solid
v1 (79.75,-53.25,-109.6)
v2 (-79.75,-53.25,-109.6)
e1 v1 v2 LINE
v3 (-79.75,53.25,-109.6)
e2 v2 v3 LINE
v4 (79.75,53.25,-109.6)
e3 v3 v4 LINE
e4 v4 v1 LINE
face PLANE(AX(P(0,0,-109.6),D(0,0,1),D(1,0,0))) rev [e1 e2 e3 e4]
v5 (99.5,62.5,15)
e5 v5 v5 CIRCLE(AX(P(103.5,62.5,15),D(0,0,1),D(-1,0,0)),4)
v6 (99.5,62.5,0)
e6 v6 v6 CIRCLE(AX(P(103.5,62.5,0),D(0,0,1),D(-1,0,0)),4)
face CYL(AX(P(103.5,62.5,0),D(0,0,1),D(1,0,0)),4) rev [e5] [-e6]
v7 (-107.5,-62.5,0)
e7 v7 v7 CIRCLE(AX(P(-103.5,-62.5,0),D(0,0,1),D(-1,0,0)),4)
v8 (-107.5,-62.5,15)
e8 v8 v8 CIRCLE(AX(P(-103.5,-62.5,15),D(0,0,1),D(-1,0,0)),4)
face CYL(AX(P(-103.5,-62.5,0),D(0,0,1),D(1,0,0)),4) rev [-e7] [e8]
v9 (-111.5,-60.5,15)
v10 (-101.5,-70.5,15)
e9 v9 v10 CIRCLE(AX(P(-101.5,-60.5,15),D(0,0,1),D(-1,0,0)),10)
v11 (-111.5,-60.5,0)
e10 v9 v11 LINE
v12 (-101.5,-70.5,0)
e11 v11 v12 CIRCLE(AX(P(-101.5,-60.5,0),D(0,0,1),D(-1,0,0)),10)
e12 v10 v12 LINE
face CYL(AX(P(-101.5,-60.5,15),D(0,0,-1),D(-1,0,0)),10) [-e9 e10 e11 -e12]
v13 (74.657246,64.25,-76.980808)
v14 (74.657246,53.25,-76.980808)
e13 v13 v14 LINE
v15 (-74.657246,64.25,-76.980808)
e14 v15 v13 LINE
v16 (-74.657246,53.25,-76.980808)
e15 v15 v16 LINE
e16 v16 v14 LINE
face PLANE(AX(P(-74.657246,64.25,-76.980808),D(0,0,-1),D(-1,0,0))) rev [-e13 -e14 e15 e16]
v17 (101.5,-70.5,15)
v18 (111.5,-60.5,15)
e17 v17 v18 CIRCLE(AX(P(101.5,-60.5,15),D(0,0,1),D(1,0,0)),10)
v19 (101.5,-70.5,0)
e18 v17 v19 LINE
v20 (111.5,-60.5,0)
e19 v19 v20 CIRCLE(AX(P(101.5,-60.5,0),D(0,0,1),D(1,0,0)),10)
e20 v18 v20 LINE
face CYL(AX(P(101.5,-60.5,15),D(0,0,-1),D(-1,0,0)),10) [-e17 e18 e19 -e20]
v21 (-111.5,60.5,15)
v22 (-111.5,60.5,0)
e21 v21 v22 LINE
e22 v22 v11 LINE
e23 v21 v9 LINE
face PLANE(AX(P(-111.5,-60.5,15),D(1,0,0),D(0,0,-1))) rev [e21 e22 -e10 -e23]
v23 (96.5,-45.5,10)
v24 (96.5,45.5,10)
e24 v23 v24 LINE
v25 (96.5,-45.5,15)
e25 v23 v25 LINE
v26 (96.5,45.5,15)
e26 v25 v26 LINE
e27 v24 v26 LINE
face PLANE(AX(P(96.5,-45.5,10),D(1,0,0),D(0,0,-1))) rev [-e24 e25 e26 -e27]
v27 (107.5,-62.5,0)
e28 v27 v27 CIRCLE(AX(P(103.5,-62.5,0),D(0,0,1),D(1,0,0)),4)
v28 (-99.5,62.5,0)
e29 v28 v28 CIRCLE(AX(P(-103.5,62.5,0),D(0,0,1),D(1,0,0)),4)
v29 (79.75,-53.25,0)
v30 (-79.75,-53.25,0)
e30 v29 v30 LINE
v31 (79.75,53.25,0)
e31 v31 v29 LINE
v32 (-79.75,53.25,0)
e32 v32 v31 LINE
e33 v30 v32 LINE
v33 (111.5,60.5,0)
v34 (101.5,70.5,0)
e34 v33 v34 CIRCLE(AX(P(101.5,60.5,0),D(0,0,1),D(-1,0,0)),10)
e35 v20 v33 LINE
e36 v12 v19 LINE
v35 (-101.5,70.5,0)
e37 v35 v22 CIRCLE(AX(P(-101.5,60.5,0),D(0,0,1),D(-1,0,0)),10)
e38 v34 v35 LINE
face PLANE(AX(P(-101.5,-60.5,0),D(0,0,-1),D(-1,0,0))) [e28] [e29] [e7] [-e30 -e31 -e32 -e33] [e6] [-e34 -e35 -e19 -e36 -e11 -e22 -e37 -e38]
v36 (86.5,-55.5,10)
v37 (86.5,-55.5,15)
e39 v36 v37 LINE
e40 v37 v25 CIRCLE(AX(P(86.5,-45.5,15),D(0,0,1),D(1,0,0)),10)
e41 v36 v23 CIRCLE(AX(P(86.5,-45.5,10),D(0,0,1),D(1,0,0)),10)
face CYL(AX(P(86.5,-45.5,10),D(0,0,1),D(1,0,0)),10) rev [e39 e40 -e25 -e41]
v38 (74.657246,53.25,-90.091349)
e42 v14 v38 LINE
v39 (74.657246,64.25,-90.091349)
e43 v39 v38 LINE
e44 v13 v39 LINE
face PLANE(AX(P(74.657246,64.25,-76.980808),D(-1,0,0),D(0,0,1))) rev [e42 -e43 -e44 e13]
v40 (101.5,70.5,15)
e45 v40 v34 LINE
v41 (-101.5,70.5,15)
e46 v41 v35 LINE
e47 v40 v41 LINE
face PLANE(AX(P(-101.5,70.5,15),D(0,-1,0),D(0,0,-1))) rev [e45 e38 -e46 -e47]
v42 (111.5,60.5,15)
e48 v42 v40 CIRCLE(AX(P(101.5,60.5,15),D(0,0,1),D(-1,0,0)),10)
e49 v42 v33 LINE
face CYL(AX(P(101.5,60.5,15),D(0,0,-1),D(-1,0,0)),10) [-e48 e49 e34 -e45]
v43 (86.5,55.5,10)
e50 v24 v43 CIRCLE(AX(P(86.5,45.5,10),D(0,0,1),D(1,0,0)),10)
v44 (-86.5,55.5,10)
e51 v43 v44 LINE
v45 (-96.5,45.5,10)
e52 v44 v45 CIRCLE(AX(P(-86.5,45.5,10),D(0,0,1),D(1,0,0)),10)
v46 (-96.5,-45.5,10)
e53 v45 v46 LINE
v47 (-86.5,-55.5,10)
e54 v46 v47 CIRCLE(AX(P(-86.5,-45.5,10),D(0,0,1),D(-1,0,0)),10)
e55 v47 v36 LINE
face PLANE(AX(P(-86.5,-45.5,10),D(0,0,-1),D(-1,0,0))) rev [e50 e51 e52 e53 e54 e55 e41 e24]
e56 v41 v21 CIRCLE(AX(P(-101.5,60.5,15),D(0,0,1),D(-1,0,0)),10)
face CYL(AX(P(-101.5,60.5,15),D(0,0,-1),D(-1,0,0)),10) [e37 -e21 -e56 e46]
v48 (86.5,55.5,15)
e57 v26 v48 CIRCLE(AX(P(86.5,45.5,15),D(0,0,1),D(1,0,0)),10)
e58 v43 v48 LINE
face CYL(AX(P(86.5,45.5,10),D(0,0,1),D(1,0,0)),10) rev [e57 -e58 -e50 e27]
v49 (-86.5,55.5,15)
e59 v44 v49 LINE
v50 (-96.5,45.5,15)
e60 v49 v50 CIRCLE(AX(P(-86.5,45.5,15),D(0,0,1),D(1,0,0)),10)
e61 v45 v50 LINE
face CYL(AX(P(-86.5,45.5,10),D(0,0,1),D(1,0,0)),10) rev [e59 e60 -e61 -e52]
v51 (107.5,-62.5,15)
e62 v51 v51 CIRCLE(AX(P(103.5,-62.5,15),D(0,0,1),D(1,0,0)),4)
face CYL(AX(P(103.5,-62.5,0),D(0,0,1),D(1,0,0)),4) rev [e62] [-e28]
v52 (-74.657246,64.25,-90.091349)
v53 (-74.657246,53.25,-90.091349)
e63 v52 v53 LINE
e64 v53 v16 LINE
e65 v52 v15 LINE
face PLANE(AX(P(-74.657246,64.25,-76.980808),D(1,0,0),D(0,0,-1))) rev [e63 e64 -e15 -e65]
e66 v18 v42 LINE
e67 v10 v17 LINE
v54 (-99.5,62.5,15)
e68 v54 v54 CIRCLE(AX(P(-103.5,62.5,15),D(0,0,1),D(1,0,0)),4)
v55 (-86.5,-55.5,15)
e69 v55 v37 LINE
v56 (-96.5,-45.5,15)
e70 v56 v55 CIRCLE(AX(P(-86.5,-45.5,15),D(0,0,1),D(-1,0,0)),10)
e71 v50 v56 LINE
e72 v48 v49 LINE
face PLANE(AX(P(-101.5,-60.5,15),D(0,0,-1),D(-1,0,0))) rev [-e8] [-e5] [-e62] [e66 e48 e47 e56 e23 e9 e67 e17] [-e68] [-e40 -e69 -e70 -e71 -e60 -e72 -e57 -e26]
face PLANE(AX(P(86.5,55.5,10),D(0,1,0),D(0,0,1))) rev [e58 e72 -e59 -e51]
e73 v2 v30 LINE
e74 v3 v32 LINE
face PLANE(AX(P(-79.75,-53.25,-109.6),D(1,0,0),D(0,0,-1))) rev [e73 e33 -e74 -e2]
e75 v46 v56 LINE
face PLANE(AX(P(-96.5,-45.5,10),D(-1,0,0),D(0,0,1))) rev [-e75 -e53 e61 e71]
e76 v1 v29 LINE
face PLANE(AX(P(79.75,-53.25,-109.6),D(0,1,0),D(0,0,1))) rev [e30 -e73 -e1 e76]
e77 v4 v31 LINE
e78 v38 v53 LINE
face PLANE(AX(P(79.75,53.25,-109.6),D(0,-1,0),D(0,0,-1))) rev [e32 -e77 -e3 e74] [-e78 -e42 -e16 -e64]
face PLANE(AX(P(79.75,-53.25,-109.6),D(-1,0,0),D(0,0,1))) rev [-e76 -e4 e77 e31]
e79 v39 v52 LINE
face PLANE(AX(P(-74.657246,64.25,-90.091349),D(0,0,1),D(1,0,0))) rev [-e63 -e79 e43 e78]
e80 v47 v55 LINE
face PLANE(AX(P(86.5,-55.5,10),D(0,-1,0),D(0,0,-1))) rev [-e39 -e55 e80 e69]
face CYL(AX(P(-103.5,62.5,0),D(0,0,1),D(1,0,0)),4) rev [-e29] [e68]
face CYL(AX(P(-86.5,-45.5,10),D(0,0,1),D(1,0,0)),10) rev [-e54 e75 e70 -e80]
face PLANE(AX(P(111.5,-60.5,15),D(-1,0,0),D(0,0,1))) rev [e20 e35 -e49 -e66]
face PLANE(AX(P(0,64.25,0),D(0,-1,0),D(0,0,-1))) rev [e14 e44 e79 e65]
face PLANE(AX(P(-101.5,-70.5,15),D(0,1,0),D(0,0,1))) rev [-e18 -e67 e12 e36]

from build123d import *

# Parameters (mm, degrees)
SALIENTE_EXTRUIR1_DEPTH = 15
CROQUIS2_W              = 159.5
CROQUIS2_H              = 106.5
SALIENTE_EXTRUIR2_DEPTH = 109.6
CORTAR_EXTRUIR1_DEPTH   = 5
CROQUIS4_R              = 4
CORTAR_EXTRUIR2_DEPTH   = 15
CROQUIS5_W              = 149.31449295
CROQUIS5_H              = 13.110540845
SALIENTE_EXTRUIR3_DEPTH = 11


with BuildPart() as part:
    # Croquis1 → Saliente-Extruir1 (new body)
    with BuildSketch(Plane.XY):
        with BuildLine():
            Line((-101.5, -70.5), (101.5, -70.5))
            ThreePointArc((101.5, -70.5), (108.571067812, -67.571067812), (111.5, -60.5))
            Line((111.5, -60.5), (111.5, 60.5))
            ThreePointArc((111.5, 60.5), (108.571067812, 67.571067812), (101.5, 70.5))
            Line((101.5, 70.5), (-101.5, 70.5))
            ThreePointArc((-101.5, 70.5), (-108.571067812, 67.571067812), (-111.5, 60.5))
            Line((-111.5, 60.5), (-111.5, -60.5))
            ThreePointArc((-111.5, -60.5), (-108.571067812, -67.571067812), (-101.5, -70.5))
        make_face()
    extrude(amount=SALIENTE_EXTRUIR1_DEPTH)

    # Croquis2 → Saliente-Extruir2 (add)
    with BuildSketch(Plane(origin=(0, 0, 0), x_dir=(-1, 0, 0), z_dir=(0, 0, -1))):
        Rectangle(CROQUIS2_W, CROQUIS2_H)
    extrude(amount=SALIENTE_EXTRUIR2_DEPTH)

    # Croquis3 → Cortar-Extruir1 (cut)
    with BuildSketch(Plane.XY.offset(15)):
        with BuildLine():
            Line((86.5, -55.5), (-86.5, -55.5))
            ThreePointArc((-86.5, -55.5), (-93.571067812, -52.571067812), (-96.5, -45.5))
            Line((-96.5, -45.5), (-96.5, 45.5))
            ThreePointArc((-96.5, 45.5), (-93.571067812, 52.571067812), (-86.5, 55.5))
            Line((-86.5, 55.5), (86.5, 55.5))
            ThreePointArc((86.5, 55.5), (93.571067812, 52.571067812), (96.5, 45.5))
            Line((96.5, 45.5), (96.5, -45.5))
            ThreePointArc((96.5, -45.5), (93.571067812, -52.571067812), (86.5, -55.5))
        make_face()
    extrude(amount=-CORTAR_EXTRUIR1_DEPTH, mode=Mode.SUBTRACT)

    # Croquis4 → Cortar-Extruir2 (cut)
    with BuildSketch(Plane.XY.offset(15)):
        with Locations((-103.5, 62.5)):
            Circle(CROQUIS4_R)
        with Locations((103.5, 62.5)):
            Circle(CROQUIS4_R)
        with Locations((103.5, -62.5)):
            Circle(CROQUIS4_R)
        with Locations((-103.5, -62.5)):
            Circle(CROQUIS4_R)
    extrude(amount=-CORTAR_EXTRUIR2_DEPTH, mode=Mode.SUBTRACT)

    # Croquis5 → Saliente-Extruir3 (add)
    with BuildSketch(Plane(origin=(0, 53.25, 0), x_dir=(1, 0, 0), z_dir=(0, 1, 0))):
        with Locations((0, 83.536078168)):
            Rectangle(CROQUIS5_W, CROQUIS5_H)
    extrude(amount=SALIENTE_EXTRUIR3_DEPTH)


solid = part.part
